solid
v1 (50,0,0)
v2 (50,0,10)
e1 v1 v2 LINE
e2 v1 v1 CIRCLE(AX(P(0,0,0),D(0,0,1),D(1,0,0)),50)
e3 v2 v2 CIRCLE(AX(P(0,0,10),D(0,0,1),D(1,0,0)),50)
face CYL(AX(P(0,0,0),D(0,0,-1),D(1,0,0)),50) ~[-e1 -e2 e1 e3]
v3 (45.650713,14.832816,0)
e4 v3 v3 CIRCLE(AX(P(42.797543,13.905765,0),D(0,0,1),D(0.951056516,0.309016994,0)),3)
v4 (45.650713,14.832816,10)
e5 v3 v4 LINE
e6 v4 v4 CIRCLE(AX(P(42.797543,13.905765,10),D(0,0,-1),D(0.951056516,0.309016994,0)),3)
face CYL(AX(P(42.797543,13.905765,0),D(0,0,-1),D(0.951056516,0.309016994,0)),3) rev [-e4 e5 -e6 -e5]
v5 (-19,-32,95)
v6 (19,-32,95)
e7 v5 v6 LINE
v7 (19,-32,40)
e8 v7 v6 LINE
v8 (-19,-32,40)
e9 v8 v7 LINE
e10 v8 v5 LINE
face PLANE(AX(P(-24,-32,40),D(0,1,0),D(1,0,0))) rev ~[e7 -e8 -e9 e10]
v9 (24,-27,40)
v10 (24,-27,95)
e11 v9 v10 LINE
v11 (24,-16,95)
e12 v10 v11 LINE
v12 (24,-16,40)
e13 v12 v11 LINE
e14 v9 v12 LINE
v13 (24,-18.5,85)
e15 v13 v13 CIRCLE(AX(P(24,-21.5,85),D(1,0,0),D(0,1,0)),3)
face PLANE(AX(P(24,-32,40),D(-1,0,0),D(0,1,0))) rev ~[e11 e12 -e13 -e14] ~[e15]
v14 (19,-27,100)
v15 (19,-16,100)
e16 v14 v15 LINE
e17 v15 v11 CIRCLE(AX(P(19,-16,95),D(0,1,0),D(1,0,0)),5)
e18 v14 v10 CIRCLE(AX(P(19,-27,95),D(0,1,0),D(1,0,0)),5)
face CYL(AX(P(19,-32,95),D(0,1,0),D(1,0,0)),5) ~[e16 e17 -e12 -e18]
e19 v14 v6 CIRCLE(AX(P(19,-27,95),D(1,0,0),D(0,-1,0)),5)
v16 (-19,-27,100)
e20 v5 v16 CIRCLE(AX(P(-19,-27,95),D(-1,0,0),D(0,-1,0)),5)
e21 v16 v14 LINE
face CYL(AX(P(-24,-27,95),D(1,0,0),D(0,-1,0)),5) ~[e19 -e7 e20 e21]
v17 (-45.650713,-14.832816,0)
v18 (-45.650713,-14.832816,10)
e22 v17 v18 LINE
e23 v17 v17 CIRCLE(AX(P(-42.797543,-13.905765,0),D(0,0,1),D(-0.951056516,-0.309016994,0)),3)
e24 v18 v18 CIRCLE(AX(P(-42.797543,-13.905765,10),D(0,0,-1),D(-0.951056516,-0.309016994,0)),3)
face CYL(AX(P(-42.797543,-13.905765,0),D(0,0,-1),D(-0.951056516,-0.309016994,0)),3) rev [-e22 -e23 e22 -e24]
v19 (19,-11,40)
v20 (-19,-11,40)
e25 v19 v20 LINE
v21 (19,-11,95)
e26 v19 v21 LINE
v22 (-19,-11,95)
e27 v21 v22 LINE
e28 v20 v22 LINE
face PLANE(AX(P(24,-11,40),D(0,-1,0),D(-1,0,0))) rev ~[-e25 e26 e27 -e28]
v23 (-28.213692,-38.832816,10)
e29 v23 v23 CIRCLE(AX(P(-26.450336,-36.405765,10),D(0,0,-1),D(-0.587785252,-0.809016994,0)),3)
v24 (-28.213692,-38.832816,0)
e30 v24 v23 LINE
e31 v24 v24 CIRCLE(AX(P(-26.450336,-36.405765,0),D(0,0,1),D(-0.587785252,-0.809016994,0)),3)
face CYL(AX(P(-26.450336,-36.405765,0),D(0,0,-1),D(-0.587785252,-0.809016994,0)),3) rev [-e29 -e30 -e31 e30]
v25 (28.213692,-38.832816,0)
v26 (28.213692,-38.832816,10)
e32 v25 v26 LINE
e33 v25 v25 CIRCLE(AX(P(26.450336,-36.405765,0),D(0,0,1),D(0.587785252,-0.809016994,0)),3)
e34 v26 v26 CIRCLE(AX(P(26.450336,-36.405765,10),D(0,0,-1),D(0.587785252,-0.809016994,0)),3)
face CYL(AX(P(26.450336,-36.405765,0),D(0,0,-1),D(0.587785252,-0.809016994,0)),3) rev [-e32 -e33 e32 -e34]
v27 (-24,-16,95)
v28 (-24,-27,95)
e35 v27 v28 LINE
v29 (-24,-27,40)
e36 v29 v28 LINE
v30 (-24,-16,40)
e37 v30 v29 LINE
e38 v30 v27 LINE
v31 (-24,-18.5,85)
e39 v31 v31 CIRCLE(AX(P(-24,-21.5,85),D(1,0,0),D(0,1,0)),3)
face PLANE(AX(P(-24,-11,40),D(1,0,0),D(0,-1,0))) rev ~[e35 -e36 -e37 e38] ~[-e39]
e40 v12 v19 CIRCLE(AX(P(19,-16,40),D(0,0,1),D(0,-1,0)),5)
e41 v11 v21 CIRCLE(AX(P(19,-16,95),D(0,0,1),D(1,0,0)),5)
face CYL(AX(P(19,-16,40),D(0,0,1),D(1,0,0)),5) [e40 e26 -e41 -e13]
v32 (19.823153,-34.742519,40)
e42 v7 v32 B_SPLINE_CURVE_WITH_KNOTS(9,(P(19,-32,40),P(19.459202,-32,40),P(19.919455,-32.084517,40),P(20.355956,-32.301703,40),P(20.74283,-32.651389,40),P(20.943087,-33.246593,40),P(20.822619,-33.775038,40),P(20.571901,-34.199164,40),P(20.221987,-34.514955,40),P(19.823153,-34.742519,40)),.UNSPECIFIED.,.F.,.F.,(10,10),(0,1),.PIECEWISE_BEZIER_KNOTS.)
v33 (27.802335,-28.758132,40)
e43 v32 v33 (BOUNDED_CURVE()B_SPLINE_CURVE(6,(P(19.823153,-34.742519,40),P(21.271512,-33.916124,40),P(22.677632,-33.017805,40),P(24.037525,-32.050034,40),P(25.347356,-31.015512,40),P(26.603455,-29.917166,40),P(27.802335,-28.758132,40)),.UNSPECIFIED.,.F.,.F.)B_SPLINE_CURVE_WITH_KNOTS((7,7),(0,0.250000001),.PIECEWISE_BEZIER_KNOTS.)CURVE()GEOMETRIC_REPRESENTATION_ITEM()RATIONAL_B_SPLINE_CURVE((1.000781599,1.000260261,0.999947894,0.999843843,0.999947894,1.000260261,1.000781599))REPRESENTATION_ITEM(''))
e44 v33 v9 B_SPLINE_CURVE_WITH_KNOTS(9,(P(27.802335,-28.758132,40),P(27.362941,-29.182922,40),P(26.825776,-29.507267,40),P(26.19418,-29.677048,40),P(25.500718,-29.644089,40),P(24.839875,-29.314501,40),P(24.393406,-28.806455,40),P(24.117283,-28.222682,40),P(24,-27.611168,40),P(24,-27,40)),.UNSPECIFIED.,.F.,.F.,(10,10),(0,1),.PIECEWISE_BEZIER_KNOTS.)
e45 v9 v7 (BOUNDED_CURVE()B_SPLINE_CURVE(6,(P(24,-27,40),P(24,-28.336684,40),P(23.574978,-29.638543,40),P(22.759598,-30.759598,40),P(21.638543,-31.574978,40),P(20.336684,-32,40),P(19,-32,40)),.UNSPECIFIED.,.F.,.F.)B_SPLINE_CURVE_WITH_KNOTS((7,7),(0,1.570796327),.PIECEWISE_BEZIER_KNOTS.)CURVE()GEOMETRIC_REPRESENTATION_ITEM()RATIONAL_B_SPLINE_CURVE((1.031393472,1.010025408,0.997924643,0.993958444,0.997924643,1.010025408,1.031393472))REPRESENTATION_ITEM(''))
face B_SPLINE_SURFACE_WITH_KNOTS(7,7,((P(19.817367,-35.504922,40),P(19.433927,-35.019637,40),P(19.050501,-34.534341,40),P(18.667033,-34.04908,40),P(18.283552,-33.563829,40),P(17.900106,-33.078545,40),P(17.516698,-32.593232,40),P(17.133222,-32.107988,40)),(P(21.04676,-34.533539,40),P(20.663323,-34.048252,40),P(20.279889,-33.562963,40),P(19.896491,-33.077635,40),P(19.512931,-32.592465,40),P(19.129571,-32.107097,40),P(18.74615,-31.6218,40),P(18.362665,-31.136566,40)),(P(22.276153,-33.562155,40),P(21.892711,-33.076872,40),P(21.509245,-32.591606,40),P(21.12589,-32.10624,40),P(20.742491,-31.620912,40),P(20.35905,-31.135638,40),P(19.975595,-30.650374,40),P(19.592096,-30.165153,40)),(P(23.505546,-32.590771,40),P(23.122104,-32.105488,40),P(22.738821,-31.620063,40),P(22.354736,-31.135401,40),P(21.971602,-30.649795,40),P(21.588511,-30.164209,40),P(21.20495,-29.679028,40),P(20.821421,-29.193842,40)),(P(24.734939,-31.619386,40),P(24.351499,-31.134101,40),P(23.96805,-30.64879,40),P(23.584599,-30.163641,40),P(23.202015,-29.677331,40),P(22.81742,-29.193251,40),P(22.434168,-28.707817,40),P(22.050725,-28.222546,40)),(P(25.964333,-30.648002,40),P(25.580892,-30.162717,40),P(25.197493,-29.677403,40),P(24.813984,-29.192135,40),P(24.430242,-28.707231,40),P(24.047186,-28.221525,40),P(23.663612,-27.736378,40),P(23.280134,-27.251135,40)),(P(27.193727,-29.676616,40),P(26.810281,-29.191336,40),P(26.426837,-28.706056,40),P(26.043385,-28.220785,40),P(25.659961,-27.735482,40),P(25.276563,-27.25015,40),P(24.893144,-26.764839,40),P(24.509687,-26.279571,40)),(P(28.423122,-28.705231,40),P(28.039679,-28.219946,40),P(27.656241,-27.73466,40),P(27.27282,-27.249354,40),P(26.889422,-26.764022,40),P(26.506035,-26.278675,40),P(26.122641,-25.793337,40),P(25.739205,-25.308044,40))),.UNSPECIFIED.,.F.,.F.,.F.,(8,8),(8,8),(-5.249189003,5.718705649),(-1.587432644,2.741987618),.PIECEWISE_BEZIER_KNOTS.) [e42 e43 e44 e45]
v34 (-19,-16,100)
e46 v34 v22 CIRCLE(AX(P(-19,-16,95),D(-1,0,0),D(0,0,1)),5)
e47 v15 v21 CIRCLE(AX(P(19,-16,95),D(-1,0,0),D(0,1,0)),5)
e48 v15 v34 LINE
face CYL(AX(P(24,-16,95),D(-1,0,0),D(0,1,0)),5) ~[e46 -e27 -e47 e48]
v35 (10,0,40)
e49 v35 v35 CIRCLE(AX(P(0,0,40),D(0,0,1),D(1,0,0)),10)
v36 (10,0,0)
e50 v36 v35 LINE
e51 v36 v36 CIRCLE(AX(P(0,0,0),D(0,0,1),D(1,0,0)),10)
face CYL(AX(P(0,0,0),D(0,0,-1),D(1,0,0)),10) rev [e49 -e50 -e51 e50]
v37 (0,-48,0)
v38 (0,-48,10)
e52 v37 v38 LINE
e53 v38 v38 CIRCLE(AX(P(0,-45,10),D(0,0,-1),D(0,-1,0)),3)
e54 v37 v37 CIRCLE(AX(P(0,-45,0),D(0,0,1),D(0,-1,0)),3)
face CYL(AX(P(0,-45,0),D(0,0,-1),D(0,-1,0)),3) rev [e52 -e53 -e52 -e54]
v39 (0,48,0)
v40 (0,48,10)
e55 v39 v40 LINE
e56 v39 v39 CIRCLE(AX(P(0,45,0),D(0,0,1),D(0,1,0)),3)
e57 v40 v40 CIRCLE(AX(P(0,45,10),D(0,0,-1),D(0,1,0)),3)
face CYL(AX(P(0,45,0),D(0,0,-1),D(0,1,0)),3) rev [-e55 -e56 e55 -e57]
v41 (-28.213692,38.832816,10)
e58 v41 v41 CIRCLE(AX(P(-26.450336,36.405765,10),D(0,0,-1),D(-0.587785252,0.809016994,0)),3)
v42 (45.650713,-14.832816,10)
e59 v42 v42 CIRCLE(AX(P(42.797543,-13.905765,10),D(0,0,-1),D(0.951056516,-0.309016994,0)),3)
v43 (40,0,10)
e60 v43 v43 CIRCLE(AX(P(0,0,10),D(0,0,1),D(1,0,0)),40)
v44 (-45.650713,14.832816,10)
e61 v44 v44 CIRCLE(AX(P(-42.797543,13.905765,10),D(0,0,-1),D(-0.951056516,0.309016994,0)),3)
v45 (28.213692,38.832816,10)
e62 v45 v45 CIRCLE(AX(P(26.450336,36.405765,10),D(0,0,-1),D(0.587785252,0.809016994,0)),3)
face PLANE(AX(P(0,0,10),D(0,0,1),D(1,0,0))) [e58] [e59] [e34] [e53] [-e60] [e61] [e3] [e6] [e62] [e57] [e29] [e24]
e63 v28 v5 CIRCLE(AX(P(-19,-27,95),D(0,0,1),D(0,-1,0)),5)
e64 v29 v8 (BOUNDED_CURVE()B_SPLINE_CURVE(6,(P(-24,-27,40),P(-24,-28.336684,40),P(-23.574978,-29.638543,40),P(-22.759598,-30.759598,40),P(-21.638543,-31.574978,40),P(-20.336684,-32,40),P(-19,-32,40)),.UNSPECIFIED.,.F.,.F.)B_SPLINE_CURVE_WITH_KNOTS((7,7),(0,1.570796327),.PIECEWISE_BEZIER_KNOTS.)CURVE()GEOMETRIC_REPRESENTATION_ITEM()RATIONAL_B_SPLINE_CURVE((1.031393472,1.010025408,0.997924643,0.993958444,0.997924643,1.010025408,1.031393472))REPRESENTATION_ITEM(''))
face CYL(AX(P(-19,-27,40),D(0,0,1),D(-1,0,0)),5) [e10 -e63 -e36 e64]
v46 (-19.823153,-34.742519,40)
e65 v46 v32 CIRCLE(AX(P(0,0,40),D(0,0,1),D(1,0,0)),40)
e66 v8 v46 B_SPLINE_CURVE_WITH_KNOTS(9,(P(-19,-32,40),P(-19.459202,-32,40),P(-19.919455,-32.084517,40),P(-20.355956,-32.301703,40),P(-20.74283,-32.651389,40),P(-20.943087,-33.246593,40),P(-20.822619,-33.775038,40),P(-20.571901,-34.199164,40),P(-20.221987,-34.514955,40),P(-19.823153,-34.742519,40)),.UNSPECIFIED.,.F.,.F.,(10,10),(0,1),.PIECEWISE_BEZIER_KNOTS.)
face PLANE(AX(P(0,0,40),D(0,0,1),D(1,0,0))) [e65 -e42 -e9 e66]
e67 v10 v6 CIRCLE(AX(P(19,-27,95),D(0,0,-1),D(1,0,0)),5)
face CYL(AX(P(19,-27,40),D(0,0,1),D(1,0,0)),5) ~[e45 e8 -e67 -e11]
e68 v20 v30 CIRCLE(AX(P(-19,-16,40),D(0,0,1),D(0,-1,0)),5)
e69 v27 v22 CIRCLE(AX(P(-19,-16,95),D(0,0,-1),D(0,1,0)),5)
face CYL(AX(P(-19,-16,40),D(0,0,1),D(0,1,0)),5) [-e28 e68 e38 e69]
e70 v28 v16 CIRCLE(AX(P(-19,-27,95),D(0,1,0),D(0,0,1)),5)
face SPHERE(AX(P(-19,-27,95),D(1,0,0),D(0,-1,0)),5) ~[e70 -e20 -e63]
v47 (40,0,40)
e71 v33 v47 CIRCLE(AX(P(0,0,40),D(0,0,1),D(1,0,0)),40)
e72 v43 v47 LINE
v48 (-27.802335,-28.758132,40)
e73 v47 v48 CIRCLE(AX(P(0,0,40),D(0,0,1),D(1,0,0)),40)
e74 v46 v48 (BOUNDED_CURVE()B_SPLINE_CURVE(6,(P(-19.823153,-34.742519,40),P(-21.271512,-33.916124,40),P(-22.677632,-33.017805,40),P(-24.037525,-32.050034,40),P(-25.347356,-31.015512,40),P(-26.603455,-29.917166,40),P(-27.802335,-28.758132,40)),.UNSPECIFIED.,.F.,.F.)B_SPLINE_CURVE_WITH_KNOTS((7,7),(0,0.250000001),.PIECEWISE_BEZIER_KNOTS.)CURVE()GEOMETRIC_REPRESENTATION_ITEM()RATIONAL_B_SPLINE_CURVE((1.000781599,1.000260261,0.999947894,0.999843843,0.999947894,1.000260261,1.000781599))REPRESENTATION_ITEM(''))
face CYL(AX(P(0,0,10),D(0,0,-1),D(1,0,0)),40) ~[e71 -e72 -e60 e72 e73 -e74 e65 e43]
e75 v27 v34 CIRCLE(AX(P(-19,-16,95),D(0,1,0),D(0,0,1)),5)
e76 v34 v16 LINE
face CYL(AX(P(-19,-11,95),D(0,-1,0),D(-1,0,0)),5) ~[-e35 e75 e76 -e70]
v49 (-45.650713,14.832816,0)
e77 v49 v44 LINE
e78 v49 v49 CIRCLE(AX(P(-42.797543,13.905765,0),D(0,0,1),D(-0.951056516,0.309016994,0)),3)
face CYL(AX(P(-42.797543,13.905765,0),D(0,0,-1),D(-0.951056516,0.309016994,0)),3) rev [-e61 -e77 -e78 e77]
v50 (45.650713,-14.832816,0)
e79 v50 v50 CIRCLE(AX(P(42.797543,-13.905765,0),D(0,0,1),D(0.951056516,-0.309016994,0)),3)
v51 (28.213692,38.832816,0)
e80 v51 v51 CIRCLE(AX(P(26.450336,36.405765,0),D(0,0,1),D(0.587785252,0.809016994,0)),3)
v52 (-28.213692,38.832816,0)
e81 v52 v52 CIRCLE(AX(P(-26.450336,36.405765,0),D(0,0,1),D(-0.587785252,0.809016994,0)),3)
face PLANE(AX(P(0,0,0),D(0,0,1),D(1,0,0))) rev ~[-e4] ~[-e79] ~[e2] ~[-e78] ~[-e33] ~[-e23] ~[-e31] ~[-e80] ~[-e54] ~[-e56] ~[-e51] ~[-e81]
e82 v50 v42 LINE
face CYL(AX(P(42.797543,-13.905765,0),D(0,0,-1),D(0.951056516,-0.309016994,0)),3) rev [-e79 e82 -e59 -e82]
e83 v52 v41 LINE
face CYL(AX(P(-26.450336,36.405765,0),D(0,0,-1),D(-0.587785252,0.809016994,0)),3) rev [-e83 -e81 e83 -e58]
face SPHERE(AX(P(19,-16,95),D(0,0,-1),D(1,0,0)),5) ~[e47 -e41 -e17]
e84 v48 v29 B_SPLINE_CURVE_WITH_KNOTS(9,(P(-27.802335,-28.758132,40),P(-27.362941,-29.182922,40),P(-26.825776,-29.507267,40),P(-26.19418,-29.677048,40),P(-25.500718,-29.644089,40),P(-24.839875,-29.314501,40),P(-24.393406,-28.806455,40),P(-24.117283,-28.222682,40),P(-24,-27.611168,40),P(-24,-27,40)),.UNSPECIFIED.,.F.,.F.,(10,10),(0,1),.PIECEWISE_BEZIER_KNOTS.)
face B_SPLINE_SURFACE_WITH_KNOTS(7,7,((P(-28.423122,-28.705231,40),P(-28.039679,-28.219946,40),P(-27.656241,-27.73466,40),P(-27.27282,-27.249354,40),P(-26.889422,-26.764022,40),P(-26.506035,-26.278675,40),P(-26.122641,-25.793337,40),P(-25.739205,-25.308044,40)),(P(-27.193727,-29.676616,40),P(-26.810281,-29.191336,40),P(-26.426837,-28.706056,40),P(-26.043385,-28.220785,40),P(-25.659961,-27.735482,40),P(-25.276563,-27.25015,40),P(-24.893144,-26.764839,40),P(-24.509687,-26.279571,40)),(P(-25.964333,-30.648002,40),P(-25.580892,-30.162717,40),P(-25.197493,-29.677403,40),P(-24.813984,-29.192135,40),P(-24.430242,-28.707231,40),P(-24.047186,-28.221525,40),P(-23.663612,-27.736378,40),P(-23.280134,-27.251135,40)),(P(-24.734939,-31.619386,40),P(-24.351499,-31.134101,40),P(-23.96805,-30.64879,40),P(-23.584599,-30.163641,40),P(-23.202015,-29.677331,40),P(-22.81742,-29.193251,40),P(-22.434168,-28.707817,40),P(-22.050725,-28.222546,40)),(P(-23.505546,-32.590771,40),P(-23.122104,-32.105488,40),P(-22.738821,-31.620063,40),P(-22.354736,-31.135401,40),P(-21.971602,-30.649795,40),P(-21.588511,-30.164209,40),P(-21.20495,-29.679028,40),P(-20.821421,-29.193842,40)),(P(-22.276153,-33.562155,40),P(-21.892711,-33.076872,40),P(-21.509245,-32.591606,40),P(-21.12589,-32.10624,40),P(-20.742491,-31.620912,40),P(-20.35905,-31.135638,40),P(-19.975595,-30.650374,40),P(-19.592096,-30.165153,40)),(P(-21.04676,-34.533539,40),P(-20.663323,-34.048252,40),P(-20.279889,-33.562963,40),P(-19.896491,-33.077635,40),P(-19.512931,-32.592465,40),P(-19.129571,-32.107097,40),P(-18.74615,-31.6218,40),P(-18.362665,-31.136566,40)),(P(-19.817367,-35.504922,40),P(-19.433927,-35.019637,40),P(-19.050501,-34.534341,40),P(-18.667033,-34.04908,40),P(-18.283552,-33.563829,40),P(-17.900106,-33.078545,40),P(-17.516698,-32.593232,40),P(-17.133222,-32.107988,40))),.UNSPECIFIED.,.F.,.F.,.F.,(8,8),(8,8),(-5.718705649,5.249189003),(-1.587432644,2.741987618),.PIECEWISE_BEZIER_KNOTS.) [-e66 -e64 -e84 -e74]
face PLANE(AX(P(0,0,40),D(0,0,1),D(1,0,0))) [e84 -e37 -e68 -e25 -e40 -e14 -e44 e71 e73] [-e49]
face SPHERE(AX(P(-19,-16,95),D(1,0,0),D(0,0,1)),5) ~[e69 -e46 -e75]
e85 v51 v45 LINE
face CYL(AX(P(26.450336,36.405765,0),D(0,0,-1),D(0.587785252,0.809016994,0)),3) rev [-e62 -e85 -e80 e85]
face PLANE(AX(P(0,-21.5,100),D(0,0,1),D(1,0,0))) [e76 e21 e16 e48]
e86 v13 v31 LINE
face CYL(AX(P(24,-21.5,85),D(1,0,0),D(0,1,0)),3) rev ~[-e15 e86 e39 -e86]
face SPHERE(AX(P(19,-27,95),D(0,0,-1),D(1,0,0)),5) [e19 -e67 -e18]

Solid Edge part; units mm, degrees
sketch "Sketch1" plane through (0, 0, 0) normal (0, 0, 1) x (1, 0, 0)
  circle A0 centre (0, 0) radius 50
  circle A1 centre (0, 0) radius 10
  dimension "D1" = 20
  dimension "D2" = 100
extrude "Protrusion1" add sketch "Sketch1" along normal blind 10
hole "Bohrung_9" at (0, 45, 0) direction (0, 0, 1) diameter 6 end up to next
pattern_circular "Pattern1" count 10 over 360 about axis through (0, 0, 10) along (0, 0, -1) of "Bohrung_9"
sketch "Sketch2" plane through (0, 0, 10) normal (0, 0, 1) x (1, 0, 0)
  circle A0 centre (0, 0) radius 40
  circle A1 centre (0, 0) radius 10
  dimension "D1" = 80
extrude "Extrusionsausprägung_9" add sketch "Sketch2" along normal blind 30
sketch "Sketch3" plane through (0, 0, 40) normal (0, 0, 1) x (-1, 0, 0)
  line L0 (24, 11) -> (24, 32)
  line L1 (24, 32) -> (-24, 32)
  line L2 (-24, 32) -> (-24, 11)
  line L3 (-24, 11) -> (24, 11)
extrude "Extrusionsausprägung_10" add sketch "Sketch3" along normal blind 60
sketch "Sketch4" plane through (24, -63.1755, 70) normal (1, 0, 0) x (0, 1, 0)
  circle A0 centre (41.6755, 15) radius 3
  dimension "D1" = 45
  dimension "D2" = 6
extrude "Cutout1" cut sketch "Sketch4" against normal up to next
fillet "Verrundung_5" radius 5 8 edges at (24, -32, 70) (24, -11, 70) (24, -21.5, 100) (0, -32, 100) (0, -11, 100) (-24, -32, 70) (-24, -21.5, 100) (-24, -11, 70)
